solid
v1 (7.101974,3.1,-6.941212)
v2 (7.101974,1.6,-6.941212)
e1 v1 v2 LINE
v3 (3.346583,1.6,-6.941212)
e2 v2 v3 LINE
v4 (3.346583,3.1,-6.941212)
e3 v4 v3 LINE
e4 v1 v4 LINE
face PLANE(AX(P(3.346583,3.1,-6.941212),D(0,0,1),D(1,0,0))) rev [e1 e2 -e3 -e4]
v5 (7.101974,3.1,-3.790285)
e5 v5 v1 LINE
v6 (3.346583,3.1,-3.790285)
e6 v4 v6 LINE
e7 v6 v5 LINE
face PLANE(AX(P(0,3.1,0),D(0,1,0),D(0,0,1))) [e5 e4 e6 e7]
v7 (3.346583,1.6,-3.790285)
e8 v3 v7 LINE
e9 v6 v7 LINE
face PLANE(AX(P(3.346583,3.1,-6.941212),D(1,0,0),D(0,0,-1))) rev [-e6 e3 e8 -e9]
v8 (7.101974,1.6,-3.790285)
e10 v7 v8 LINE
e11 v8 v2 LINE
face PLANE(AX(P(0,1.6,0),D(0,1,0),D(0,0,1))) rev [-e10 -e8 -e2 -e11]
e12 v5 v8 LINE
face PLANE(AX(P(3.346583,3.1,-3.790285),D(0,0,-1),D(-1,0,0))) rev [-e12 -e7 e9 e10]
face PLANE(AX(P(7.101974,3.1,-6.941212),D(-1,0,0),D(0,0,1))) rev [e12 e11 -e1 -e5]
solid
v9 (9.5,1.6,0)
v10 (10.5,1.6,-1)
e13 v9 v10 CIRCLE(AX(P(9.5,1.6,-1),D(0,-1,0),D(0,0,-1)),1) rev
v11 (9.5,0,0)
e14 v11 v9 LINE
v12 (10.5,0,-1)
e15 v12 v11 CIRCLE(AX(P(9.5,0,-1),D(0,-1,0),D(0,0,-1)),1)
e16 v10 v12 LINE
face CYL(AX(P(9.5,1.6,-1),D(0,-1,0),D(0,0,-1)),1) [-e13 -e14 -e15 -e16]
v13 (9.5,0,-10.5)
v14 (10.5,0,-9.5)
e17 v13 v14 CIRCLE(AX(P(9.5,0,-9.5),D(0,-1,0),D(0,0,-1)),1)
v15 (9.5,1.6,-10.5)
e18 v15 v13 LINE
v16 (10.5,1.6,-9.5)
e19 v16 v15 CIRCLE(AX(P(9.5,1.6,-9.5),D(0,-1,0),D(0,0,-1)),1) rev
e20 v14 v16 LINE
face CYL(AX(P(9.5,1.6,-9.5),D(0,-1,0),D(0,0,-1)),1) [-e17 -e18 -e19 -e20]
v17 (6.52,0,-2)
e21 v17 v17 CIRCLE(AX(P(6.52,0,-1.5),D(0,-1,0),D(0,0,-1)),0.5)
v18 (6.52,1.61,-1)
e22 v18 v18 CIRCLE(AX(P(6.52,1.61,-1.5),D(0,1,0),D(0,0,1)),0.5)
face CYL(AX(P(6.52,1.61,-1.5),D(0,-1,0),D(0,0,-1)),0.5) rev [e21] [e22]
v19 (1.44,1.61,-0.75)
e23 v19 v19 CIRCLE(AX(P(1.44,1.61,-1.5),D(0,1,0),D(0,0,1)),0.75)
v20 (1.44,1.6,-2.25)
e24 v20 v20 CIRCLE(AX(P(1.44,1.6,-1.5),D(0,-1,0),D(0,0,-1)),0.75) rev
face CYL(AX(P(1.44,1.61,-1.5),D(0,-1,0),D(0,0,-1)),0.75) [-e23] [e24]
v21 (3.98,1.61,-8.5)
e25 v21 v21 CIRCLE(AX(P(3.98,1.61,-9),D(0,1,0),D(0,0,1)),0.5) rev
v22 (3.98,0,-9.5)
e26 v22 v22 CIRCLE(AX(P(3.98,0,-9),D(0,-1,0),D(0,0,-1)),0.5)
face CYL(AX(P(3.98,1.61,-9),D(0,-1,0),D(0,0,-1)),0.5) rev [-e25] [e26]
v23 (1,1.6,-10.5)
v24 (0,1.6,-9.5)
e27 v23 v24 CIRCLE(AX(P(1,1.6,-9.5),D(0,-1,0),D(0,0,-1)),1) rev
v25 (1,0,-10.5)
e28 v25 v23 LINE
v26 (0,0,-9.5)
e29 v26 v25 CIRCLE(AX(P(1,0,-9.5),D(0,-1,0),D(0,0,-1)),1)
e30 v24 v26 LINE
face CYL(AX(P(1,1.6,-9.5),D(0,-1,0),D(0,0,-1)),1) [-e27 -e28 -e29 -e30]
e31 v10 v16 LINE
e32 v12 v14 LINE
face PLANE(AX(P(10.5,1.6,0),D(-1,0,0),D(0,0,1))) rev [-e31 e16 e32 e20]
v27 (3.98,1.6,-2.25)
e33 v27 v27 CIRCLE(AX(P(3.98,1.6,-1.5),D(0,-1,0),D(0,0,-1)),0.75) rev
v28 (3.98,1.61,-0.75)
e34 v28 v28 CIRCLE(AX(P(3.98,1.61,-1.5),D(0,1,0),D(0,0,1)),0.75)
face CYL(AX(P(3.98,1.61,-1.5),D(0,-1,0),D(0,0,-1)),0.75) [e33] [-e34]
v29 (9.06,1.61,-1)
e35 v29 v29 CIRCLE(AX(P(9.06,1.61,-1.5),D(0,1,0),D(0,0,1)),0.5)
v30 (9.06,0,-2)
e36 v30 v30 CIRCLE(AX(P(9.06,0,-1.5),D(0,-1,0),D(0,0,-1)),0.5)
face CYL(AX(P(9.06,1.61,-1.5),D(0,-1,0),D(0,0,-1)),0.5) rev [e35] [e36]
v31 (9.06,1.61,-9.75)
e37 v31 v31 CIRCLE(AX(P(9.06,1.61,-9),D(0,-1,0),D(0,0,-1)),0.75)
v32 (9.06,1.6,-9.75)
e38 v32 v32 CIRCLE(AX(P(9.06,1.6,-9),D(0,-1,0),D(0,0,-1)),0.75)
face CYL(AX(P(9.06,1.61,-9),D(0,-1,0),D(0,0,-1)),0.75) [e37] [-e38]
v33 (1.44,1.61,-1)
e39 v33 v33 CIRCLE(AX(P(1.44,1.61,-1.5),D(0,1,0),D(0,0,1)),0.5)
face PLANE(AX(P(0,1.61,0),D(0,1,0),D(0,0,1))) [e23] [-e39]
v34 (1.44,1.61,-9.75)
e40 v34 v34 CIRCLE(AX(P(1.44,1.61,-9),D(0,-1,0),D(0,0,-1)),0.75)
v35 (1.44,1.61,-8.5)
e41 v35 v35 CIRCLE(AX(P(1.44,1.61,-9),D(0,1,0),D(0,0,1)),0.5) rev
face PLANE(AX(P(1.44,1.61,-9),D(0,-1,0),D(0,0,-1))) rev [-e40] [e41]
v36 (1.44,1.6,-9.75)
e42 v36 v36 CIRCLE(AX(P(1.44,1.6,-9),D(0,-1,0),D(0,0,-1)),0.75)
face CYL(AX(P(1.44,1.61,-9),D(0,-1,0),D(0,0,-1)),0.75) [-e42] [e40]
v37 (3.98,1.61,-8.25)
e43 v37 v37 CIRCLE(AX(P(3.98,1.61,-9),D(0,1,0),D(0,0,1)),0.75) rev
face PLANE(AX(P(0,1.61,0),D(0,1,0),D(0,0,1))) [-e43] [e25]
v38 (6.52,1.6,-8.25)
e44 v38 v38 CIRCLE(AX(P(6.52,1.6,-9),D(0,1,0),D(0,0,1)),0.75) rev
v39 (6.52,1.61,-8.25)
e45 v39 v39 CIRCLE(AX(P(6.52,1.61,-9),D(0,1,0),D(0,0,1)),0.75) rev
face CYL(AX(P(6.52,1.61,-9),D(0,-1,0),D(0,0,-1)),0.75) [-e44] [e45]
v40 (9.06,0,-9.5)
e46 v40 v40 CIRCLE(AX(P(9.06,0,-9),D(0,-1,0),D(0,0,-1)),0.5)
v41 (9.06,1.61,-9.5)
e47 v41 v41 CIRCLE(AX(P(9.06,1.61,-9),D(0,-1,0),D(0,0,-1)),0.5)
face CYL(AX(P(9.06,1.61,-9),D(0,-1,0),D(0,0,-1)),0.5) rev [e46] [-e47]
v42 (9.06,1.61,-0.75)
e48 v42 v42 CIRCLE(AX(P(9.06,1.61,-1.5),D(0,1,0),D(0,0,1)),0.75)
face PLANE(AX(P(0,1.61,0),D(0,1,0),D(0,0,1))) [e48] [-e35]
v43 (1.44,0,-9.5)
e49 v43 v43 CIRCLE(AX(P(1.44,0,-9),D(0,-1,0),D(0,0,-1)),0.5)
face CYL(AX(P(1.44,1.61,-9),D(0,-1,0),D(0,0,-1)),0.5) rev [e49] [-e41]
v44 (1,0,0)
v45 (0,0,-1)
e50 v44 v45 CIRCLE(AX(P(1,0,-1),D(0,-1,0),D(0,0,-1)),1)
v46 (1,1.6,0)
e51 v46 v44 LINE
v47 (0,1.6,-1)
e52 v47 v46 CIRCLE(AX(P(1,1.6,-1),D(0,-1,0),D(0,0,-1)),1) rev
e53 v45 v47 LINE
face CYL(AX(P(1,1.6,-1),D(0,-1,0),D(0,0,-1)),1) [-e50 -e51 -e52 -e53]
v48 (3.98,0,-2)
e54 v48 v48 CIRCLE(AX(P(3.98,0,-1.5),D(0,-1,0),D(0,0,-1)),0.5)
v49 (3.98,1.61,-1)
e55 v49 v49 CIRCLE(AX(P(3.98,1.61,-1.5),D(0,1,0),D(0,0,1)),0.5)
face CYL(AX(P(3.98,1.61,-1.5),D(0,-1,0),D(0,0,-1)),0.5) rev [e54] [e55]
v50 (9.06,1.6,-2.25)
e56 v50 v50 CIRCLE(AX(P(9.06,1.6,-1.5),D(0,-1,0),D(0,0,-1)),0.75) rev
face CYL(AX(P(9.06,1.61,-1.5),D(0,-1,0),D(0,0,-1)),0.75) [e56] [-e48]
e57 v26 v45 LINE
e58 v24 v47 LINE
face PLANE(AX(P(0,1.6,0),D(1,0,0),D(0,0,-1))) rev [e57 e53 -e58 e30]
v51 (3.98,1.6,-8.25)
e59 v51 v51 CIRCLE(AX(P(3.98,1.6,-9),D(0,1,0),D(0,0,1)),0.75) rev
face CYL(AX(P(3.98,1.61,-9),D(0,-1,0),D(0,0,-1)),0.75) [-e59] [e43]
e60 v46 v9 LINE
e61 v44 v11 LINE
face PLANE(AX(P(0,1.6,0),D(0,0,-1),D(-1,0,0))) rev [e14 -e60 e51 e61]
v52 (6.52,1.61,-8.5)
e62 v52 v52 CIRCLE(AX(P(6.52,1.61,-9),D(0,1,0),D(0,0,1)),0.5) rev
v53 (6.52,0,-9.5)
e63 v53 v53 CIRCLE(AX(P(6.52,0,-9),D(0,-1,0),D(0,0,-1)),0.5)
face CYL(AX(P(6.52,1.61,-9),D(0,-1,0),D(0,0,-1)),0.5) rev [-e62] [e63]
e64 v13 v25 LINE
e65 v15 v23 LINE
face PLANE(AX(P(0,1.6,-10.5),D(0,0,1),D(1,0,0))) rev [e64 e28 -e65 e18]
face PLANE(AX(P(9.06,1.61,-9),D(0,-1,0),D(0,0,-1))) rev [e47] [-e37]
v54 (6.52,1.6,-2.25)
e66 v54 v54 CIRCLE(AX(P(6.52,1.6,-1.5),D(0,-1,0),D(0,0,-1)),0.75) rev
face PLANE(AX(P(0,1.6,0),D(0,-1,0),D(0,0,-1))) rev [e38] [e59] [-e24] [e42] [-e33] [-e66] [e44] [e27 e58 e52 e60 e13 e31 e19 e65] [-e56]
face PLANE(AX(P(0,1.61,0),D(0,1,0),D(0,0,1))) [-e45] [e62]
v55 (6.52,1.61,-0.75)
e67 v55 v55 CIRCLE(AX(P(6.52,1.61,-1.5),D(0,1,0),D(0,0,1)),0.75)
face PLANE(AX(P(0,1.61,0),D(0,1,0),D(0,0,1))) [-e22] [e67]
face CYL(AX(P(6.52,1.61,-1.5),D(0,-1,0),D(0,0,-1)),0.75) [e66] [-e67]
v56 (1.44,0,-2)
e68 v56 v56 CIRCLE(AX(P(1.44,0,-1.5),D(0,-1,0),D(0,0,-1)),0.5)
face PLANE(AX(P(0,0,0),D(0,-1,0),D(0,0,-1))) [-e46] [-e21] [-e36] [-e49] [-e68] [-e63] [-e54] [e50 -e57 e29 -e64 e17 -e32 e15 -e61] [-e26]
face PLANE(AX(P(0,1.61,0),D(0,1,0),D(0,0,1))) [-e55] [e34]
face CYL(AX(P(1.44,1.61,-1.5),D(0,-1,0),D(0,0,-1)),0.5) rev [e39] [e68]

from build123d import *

# Parameters (mm, degrees)
SKETCH1_W           = 10.5
SKETCH1_H           = 10.5
BOSS_EXTRUDE1_DEPTH = 1.6
FILLET1_R           = 1
SKETCH2_R           = 0.75
SKETCH2_R_2         = 0.5
BOSS_EXTRUDE2_DEPTH = 0.01
SKETCH4_R           = 0.5
CUT_EXTRUDE1_DEPTH  = 2
SKETCH5_W           = 3.755390915
SKETCH5_H           = 3.150927308
BOSS_EXTRUDE3_DEPTH = 1.5


with BuildPart() as part:
    # Sketch1 → Boss-Extrude1 (new body)
    with BuildSketch(Plane(origin=(0, 0, 0), x_dir=(1, 0, 0), z_dir=(0, 1, 0))):
        with Locations((5.25, 5.25)):
            Rectangle(SKETCH1_W, SKETCH1_H)
    extrude(amount=BOSS_EXTRUDE1_DEPTH)

    # Fillet1
    fillet1_edges = [part.edges().sort_by_distance(p)[0] for p in [
        (0, 0.8, -10.5),
        (10.5, 0.8, -10.5),
        (10.5, 0.8, 0),
        (0, 0.8, 0),
    ]]
    fillet(fillet1_edges, radius=FILLET1_R)

    # Sketch2 → Boss-Extrude2 (add)
    with BuildSketch(Plane(origin=(0, 1.6, 0), x_dir=(1, 0, 0), z_dir=(0, 1, 0))):
        with Locations((1.44, 1.5)):
            Circle(SKETCH2_R)
        with Locations((1.44, 1.5)):
            Circle(SKETCH2_R_2, mode=Mode.SUBTRACT)
        with Locations((3.98, 1.5)):
            Circle(SKETCH2_R)
        with Locations((3.98, 1.5)):
            Circle(SKETCH2_R_2, mode=Mode.SUBTRACT)
        with Locations((6.52, 1.5)):
            Circle(SKETCH2_R)
        with Locations((6.52, 1.5)):
            Circle(SKETCH2_R_2, mode=Mode.SUBTRACT)
        with Locations((9.06, 1.5)):
            Circle(SKETCH2_R)
        with Locations((9.06, 1.5)):
            Circle(SKETCH2_R_2, mode=Mode.SUBTRACT)
        with Locations((9.06, 9)):
            Circle(SKETCH2_R)
        with Locations((9.06, 9)):
            Circle(SKETCH2_R_2, mode=Mode.SUBTRACT)
        with Locations((6.52, 9)):
            Circle(SKETCH2_R)
        with Locations((6.52, 9)):
            Circle(SKETCH2_R_2, mode=Mode.SUBTRACT)
        with Locations((3.98, 9)):
            Circle(SKETCH2_R)
        with Locations((3.98, 9)):
            Circle(SKETCH2_R_2, mode=Mode.SUBTRACT)
        with Locations((1.44, 9)):
            Circle(SKETCH2_R)
        with Locations((1.44, 9)):
            Circle(SKETCH2_R_2, mode=Mode.SUBTRACT)
    extrude(amount=BOSS_EXTRUDE2_DEPTH)

    # Sketch4 → Cut-Extrude1 (cut)
    with BuildSketch(Plane(origin=(0, 1.6, 0), x_dir=(1, 0, 0), z_dir=(0, 1, 0))):
        with Locations((9.06, 1.5)):
            Circle(SKETCH4_R)
        with Locations((6.52, 1.5)):
            Circle(SKETCH4_R)
        with Locations((3.98, 1.5)):
            Circle(SKETCH4_R)
        with Locations((1.44, 1.5)):
            Circle(SKETCH4_R)
        with Locations((1.44, 9)):
            Circle(SKETCH4_R)
        with Locations((3.98, 9)):
            Circle(SKETCH4_R)
        with Locations((6.52, 9)):
            Circle(SKETCH4_R)
        with Locations((9.06, 9)):
            Circle(SKETCH4_R)
    extrude(amount=-CUT_EXTRUDE1_DEPTH, mode=Mode.SUBTRACT)


with BuildPart() as body_2:
    # Sketch5 → Boss-Extrude3 (new body)
    with BuildSketch(Plane(origin=(0, 1.6, 0), x_dir=(1, 0, 0), z_dir=(0, 1, 0))):
        with Locations((5.224278145, 5.36574835)):
            Rectangle(SKETCH5_W, SKETCH5_H)
    extrude(amount=BOSS_EXTRUDE3_DEPTH)


solid = Compound([part.part, body_2.part])
